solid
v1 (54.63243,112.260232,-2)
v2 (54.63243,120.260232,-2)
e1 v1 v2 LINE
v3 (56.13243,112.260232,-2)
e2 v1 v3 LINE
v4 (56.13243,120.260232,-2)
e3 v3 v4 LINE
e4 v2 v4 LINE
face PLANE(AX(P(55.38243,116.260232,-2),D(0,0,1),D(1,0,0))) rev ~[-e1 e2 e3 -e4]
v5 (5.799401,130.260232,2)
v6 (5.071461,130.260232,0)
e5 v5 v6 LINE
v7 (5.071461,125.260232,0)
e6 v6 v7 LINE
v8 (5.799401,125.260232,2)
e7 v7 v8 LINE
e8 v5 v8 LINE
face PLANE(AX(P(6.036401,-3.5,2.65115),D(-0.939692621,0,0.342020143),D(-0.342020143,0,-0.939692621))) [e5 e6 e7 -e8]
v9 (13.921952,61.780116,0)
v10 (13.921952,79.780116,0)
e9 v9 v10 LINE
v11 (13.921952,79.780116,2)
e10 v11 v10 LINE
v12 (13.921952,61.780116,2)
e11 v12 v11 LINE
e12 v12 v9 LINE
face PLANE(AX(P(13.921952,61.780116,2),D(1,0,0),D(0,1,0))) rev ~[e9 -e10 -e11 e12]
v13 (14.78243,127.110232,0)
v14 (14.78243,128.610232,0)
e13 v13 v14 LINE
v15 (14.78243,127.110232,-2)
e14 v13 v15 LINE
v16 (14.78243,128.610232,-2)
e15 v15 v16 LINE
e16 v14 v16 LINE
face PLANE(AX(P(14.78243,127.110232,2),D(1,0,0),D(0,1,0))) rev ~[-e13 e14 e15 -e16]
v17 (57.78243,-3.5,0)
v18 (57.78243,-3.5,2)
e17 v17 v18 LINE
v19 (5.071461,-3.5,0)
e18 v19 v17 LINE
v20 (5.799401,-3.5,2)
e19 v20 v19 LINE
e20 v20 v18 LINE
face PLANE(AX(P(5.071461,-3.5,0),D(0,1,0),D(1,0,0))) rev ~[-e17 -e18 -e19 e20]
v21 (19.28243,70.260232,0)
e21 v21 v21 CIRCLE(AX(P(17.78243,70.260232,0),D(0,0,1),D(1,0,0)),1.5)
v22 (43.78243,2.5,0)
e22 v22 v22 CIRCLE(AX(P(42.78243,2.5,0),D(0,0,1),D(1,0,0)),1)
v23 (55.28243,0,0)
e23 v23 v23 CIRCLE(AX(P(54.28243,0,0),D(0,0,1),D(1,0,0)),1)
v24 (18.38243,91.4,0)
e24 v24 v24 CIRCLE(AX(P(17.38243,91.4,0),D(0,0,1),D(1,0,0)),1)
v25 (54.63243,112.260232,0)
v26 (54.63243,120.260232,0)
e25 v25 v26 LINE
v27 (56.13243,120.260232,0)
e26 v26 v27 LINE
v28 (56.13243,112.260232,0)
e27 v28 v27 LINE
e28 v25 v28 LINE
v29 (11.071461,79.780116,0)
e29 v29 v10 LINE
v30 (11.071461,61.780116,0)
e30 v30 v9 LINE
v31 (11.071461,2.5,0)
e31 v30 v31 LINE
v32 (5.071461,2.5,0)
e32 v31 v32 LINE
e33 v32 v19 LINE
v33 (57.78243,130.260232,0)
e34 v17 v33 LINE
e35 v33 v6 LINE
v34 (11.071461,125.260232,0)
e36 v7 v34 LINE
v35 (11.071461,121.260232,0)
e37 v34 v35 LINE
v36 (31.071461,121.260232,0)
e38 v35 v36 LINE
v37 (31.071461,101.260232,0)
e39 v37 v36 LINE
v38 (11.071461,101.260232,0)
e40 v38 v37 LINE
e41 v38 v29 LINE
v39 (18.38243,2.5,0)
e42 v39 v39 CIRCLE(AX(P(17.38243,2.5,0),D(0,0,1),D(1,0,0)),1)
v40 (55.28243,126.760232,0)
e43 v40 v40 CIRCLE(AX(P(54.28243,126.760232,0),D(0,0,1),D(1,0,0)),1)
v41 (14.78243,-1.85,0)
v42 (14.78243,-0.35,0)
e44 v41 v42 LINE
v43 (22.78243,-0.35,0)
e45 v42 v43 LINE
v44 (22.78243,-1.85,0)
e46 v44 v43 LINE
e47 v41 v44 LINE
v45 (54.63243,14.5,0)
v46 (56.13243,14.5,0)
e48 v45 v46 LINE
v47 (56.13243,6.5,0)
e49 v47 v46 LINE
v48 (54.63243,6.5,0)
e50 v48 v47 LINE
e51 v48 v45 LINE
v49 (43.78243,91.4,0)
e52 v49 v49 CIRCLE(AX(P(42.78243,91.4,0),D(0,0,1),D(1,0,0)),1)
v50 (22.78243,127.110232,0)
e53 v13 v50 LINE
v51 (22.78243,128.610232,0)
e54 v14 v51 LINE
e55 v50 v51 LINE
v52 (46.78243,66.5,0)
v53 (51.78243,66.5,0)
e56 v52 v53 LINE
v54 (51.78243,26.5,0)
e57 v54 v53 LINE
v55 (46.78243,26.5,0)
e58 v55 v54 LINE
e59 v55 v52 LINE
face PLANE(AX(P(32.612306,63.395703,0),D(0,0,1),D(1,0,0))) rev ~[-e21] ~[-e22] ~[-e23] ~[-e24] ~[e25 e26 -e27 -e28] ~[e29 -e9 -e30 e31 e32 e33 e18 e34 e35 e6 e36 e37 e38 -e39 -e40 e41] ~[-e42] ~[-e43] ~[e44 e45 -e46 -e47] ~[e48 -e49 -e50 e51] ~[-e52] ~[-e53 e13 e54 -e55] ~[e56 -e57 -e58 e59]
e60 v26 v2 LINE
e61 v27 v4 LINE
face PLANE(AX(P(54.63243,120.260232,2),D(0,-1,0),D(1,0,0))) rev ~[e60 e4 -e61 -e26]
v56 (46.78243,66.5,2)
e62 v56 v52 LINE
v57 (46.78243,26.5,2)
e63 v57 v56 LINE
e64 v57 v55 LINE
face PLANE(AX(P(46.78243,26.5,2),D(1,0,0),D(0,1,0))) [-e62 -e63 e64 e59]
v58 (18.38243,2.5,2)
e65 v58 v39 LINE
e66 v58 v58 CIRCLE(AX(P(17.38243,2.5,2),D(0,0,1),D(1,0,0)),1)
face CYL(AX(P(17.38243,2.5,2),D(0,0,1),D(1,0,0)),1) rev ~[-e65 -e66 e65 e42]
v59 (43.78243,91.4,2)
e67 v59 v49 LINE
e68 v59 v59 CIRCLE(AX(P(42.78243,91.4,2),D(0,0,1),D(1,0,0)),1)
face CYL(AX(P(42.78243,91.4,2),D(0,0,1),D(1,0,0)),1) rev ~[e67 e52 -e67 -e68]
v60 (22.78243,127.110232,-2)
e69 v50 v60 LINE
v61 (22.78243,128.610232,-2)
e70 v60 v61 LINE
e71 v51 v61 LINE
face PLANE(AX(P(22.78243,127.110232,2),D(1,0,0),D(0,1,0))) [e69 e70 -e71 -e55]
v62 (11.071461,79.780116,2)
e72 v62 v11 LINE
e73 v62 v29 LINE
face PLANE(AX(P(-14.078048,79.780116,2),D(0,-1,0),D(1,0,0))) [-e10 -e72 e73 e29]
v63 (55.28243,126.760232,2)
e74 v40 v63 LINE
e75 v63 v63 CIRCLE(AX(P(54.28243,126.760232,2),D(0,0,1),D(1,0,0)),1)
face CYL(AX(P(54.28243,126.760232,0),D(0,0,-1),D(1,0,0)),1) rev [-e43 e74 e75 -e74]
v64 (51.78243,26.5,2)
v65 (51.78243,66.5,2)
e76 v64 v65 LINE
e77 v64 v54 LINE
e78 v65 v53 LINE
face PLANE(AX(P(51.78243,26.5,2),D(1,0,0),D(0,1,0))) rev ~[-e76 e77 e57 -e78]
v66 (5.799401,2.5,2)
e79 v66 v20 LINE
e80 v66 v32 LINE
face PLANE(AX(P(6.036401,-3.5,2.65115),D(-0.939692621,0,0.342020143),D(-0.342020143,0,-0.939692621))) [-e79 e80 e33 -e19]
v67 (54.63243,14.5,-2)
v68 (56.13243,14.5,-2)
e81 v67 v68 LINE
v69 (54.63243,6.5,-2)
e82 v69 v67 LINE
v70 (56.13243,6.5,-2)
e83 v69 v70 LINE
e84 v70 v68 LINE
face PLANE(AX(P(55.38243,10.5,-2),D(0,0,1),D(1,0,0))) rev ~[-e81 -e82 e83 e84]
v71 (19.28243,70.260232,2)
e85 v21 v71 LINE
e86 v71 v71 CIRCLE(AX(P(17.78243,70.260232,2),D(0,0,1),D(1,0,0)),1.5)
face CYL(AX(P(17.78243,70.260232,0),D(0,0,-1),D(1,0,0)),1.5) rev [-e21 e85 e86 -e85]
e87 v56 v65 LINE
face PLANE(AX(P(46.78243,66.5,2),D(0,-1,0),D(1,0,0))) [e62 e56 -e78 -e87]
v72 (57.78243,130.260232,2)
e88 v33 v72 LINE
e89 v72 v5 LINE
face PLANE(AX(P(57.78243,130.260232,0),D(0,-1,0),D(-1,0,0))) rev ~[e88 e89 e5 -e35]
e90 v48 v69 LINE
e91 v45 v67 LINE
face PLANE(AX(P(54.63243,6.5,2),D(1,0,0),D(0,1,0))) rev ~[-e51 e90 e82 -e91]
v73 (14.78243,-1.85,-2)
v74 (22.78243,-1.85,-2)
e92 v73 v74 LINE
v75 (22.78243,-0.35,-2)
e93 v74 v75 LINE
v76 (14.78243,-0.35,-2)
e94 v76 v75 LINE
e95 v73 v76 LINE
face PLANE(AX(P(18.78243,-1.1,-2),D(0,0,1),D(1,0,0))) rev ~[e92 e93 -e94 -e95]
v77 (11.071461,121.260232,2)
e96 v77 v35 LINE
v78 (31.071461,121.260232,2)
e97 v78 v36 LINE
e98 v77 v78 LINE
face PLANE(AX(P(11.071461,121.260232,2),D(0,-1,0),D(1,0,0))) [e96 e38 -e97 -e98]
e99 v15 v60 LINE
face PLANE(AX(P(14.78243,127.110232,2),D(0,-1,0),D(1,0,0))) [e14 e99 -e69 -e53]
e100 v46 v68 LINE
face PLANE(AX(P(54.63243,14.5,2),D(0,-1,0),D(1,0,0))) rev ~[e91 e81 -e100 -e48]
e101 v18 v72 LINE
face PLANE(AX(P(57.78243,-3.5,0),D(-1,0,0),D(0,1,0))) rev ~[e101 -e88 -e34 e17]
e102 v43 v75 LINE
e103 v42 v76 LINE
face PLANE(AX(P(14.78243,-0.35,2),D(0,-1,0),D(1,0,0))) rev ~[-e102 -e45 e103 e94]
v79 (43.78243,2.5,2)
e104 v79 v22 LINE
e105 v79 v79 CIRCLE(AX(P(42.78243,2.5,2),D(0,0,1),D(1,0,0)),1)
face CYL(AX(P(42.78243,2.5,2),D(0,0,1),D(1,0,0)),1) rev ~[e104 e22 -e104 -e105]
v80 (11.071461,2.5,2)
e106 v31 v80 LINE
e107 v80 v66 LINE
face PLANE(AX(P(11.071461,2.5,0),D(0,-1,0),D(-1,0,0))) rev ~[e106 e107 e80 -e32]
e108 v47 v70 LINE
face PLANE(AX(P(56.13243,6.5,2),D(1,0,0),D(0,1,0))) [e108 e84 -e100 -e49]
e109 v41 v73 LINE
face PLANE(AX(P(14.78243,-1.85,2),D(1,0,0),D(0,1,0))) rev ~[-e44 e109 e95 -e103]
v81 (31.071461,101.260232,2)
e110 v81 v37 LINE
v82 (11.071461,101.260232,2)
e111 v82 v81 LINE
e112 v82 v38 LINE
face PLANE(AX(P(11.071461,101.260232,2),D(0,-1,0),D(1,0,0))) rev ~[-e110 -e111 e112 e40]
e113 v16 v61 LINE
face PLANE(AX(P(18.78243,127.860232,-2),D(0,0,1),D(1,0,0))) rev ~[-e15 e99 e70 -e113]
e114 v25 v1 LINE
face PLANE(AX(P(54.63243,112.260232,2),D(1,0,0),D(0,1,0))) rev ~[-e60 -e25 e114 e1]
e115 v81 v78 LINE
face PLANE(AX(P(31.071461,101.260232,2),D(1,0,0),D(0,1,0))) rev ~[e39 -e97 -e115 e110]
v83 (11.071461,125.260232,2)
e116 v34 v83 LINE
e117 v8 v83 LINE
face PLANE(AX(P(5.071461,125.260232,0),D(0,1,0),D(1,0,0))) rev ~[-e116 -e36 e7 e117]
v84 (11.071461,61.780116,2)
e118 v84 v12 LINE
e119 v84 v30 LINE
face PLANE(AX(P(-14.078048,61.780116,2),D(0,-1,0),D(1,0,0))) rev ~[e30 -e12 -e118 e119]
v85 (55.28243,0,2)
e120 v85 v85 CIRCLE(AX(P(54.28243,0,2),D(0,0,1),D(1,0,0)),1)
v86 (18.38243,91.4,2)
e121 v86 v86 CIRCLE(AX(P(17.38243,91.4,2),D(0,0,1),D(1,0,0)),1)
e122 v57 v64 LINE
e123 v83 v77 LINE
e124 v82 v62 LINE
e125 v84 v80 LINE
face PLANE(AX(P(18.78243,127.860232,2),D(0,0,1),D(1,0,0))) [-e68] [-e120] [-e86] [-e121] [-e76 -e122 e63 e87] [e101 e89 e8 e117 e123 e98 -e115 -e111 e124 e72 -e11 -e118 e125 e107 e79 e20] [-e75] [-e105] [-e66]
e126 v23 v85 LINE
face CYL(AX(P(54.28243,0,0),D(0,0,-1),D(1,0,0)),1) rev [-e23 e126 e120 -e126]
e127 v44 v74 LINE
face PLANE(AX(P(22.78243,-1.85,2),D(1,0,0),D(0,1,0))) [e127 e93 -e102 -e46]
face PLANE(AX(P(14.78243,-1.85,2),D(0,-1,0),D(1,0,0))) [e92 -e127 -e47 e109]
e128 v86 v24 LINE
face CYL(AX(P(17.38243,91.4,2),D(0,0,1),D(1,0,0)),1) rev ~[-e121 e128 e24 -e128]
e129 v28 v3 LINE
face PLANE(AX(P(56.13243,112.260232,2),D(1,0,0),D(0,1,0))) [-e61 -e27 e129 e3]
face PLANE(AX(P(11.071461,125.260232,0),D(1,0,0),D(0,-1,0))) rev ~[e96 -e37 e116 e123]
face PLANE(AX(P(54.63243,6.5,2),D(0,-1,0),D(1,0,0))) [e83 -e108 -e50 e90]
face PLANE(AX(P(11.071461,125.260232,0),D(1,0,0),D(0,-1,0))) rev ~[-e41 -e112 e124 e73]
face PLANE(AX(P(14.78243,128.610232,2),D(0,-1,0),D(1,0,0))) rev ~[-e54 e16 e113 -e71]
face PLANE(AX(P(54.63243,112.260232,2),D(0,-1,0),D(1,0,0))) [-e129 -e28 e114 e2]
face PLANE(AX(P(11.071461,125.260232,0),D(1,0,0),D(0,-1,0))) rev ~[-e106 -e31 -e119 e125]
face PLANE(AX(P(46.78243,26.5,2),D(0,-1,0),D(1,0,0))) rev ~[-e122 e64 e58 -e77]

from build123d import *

# Parameters (mm, degrees)
SKETCH1_R           = 1
SKETCH1_R_2         = 1.5
BOSS_EXTRUDE1_DEPTH = 2
CUT_EXTRUDE1_DEPTH  = 146.720996494
SKETCH3_W           = 5
SKETCH3_H           = 40
SKETCH3_W_2         = 20
SKETCH3_H_2         = 20
SKETCH3_W_3         = 28
SKETCH3_H_3         = 18
CUT_EXTRUDE2_DEPTH  = 2
SKETCH4_R           = 1
CUT_EXTRUDE3_DEPTH  = 2
SKETCH5_W           = 8
SKETCH5_H           = 1.5
SKETCH5_W_2         = 1.5
SKETCH5_H_2         = 8
BOSS_EXTRUDE2_DEPTH = 4


with BuildPart() as part:
    # Sketch1 → Boss-Extrude1 (new body)
    with BuildSketch(Plane.XY):
        Polygon((5.071460992, -3.5), (57.78242964, -3.5), (57.78242964, 130.260231922), (5.071460992, 130.260231922), (5.071460992, 125.260231922), (11.071460992, 125.260231922), (11.071460992, 2.5), (5.071460992, 2.5), align=None)
        with Locations((54.28242964, 0)):
            Circle(SKETCH1_R, mode=Mode.SUBTRACT)
        with Locations((54.28242964, 126.760231922)):
            Circle(SKETCH1_R, mode=Mode.SUBTRACT)
        with Locations((17.78242964, 70.260231922)):
            Circle(SKETCH1_R_2, mode=Mode.SUBTRACT)
    extrude(amount=BOSS_EXTRUDE1_DEPTH)

    # Sketch2 → Cut-Extrude1 (cut, through all)
    with BuildSketch(Plane.XZ.offset(3.5)):
        Polygon((6.036400554, 2.65114966), (1.157662204, -10.753073792), (3.527877144, 2.341321616), align=None)
    extrude(amount=-CUT_EXTRUDE1_DEPTH, mode=Mode.SUBTRACT)

    # Sketch3 → Cut-Extrude2 (cut)
    with BuildSketch(Plane.XY.offset(2)):
        with Locations((49.28242964, 46.5)):
            Rectangle(SKETCH3_W, SKETCH3_H)
        with Locations((21.071460992, 111.260231922)):
            Rectangle(SKETCH3_W_2, SKETCH3_H_2)
        with Locations((-0.078047732, 70.780115961)):
            Rectangle(SKETCH3_W_3, SKETCH3_H_3)
    extrude(amount=-CUT_EXTRUDE2_DEPTH, mode=Mode.SUBTRACT)

    # Sketch4 → Cut-Extrude3 (cut)
    with BuildSketch(Plane.XY.offset(2)):
        with Locations((17.38242964, 2.5)):
            Circle(SKETCH4_R)
        with Locations((42.78242964, 2.5)):
            Circle(SKETCH4_R)
        with Locations((42.78242964, 91.4)):
            Circle(SKETCH4_R)
        with Locations((17.38242964, 91.4)):
            Circle(SKETCH4_R)
    extrude(amount=-CUT_EXTRUDE3_DEPTH, mode=Mode.SUBTRACT)

    # Sketch5 → Boss-Extrude2 (add)
    with BuildSketch(Plane.XY.offset(2)):
        with Locations((18.78242964, 127.860231922)):
            Rectangle(SKETCH5_W, SKETCH5_H)
        with Locations((18.78242964, -1.1)):
            Rectangle(SKETCH5_W, SKETCH5_H)
        with Locations((55.38242964, 116.260231922)):
            Rectangle(SKETCH5_W_2, SKETCH5_H_2)
        with Locations((55.38242964, 10.5)):
            Rectangle(SKETCH5_W_2, SKETCH5_H_2)
    extrude(amount=-BOSS_EXTRUDE2_DEPTH)


solid = part.part
